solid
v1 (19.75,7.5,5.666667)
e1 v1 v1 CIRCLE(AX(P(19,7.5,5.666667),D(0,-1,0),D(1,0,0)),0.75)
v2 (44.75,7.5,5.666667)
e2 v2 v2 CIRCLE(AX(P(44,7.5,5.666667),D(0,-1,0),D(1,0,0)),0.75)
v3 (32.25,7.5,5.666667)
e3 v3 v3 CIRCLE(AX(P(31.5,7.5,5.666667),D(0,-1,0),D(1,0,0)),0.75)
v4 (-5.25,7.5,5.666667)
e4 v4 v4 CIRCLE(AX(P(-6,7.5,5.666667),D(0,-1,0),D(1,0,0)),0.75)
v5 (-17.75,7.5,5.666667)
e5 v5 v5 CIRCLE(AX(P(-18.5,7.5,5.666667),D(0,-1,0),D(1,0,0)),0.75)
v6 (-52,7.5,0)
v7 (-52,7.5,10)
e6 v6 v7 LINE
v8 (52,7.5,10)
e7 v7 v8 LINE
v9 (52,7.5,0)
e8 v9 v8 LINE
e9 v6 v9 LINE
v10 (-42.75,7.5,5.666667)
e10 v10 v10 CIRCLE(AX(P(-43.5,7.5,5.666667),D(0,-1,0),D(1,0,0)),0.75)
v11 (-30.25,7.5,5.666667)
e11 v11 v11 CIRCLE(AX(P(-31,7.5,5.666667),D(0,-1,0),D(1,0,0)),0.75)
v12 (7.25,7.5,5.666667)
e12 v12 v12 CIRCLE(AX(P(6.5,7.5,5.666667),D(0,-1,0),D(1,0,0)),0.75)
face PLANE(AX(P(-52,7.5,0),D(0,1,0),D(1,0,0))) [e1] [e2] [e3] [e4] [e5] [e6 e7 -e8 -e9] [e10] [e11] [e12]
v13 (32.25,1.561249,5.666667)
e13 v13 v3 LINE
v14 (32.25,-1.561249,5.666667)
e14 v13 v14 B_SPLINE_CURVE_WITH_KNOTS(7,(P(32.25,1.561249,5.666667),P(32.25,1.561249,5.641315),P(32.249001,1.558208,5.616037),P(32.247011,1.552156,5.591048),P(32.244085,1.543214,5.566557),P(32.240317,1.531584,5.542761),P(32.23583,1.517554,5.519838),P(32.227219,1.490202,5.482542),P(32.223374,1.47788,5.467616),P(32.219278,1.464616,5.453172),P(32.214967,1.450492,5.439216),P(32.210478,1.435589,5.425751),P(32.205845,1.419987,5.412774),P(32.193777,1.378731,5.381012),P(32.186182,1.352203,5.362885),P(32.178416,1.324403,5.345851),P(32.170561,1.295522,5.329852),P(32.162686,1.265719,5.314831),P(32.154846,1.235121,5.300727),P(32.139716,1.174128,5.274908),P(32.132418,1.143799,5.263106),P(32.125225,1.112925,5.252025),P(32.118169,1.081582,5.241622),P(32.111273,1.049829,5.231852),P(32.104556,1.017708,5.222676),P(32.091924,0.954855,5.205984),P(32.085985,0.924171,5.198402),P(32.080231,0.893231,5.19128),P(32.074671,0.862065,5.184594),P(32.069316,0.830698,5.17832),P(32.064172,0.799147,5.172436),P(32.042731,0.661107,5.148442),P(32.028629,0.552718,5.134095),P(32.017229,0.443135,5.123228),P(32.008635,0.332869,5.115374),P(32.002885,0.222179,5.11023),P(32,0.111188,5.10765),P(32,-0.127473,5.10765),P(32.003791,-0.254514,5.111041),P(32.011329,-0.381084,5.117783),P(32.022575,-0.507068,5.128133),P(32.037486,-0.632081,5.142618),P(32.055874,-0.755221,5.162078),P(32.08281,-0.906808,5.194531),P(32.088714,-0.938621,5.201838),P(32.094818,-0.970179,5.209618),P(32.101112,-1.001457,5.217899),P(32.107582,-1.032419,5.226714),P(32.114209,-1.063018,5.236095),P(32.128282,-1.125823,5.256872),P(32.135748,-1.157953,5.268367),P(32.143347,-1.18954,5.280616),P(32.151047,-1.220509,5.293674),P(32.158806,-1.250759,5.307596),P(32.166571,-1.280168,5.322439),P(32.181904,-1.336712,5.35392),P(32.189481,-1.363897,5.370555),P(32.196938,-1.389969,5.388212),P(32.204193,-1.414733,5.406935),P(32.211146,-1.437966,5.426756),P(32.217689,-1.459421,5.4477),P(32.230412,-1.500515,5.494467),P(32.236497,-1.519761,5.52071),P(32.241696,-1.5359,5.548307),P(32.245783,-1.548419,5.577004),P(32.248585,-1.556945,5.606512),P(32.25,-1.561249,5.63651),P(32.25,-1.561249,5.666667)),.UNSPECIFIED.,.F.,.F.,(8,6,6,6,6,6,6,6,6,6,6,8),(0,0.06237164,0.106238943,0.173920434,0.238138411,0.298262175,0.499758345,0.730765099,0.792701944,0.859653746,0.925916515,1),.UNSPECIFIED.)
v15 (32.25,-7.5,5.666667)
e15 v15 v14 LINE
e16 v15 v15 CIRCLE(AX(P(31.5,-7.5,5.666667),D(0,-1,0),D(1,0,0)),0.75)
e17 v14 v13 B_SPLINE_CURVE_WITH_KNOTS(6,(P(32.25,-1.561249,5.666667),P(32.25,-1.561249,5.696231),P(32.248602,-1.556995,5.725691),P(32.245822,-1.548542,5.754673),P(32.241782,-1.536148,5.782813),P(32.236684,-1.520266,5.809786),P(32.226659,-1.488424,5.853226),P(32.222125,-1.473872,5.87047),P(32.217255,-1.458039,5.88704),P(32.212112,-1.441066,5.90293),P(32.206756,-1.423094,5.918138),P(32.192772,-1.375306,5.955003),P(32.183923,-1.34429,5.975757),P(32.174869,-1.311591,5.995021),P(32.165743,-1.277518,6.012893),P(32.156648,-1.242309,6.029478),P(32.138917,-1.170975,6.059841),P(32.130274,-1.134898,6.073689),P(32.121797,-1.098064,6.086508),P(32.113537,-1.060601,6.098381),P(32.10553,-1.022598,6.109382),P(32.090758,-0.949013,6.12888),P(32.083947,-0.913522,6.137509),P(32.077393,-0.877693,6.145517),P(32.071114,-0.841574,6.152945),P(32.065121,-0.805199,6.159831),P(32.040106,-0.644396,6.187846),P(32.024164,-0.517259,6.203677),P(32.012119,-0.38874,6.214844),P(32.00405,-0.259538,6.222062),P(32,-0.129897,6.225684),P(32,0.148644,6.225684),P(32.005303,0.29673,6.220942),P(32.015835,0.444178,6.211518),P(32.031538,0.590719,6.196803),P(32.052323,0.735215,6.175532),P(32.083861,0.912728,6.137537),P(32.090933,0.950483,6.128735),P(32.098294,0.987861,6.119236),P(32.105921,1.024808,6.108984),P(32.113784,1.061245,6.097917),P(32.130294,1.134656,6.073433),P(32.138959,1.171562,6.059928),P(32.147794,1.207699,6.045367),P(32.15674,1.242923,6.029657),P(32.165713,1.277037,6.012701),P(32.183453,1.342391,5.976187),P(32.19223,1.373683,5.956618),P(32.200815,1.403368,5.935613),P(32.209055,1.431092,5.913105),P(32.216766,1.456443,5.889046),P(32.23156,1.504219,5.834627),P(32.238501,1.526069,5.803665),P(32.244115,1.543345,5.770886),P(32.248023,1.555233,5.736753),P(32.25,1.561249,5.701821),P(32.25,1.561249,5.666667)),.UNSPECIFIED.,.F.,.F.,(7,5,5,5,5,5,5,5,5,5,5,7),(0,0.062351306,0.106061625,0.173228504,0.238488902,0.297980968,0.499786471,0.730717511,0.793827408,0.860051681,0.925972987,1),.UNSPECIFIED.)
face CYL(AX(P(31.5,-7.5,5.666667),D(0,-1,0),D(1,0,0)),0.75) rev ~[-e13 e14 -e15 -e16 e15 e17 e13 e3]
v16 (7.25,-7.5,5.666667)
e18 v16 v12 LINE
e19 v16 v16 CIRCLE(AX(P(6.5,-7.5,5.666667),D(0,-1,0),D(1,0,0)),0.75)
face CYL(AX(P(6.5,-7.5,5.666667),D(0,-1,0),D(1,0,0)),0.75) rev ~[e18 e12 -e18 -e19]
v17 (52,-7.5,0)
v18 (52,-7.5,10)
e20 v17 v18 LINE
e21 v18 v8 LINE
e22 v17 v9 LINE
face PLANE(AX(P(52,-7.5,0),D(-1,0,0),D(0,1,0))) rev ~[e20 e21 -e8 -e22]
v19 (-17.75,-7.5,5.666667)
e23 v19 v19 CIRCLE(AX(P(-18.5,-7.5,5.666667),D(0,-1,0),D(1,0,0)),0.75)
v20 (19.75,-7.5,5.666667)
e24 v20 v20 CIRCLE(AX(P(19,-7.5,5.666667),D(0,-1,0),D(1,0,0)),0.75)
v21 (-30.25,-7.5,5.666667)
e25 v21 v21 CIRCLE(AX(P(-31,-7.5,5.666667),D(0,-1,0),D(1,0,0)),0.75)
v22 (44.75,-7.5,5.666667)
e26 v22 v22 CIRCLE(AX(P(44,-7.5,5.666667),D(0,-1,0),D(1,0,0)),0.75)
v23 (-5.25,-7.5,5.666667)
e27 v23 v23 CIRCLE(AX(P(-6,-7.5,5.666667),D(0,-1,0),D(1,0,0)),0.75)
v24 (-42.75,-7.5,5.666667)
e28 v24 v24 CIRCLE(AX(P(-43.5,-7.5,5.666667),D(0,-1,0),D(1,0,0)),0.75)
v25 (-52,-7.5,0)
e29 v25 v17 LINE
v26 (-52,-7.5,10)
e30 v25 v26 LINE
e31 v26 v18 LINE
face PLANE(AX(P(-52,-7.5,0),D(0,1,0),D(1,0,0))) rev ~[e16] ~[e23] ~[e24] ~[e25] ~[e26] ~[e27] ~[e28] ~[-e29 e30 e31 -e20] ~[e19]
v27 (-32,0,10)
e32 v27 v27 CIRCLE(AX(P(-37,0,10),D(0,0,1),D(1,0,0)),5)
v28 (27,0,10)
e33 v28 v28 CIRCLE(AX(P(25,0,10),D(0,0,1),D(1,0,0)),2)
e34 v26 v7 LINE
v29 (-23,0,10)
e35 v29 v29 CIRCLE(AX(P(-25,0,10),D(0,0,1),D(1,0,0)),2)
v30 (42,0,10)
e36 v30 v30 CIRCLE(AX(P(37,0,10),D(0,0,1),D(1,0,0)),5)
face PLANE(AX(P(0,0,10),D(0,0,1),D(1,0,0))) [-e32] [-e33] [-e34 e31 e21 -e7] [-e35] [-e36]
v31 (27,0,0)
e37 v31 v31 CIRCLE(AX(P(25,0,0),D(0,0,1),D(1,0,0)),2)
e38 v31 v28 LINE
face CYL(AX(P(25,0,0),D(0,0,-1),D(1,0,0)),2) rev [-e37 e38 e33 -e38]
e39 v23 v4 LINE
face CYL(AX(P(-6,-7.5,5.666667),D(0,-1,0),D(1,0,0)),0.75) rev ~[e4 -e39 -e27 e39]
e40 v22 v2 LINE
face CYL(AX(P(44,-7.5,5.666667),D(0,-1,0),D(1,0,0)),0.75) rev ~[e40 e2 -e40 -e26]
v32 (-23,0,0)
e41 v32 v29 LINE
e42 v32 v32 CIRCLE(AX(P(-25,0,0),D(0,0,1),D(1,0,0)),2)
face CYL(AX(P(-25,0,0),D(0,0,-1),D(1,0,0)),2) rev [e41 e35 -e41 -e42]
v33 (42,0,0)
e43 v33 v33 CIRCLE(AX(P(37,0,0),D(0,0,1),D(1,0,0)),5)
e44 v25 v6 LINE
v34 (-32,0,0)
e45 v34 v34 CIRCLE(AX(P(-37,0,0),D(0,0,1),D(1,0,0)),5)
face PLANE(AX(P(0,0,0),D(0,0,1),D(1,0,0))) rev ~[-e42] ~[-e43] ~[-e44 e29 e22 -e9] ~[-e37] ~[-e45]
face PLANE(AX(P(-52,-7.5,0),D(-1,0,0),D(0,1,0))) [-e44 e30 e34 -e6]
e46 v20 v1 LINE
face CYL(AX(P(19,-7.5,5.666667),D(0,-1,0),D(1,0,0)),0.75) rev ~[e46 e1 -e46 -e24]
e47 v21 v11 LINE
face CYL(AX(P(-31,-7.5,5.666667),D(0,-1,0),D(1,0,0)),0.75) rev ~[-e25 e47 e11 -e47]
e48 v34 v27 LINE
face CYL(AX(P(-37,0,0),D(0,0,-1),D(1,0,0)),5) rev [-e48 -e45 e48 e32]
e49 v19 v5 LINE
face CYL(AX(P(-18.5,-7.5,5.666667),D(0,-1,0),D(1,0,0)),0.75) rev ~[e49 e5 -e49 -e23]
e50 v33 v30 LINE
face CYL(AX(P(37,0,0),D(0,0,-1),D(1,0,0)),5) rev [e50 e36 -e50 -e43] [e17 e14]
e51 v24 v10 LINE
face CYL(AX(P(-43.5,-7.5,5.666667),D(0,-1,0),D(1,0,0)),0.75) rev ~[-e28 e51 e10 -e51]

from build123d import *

# Parameters (mm, degrees)
F0_W     = 104
F0_H     = 15
F0_R     = 5
F0_R_2   = 2
F1_DEPTH = 10
F2_R     = 0.75
F3_DEPTH = 25


with BuildPart() as f1:
    # F0 (on Top) → F1 (new body)
    with BuildSketch(Plane.XY):
        Rectangle(F0_W, F0_H)
        with Locations((-37, 0)):
            Circle(F0_R, mode=Mode.SUBTRACT)
        with Locations((-25, 0)):
            Circle(F0_R_2, mode=Mode.SUBTRACT)
        with Locations((25, 0)):
            Circle(F0_R_2, mode=Mode.SUBTRACT)
        with Locations((37, 0)):
            Circle(F0_R, mode=Mode.SUBTRACT)
    extrude(amount=F1_DEPTH)

    # F2 (on face) → F3 (cut)
    with BuildSketch(Plane.XZ.offset(7.5)):
        with Locations((-43.5, 5.666667)):
            Circle(F2_R)
        with Locations((-31, 5.666667)):
            Circle(F2_R)
        with Locations((-18.5, 5.666667)):
            Circle(F2_R)
        with Locations((-6, 5.666667)):
            Circle(F2_R)
        with Locations((6.5, 5.666667)):
            Circle(F2_R)
        with Locations((19, 5.666667)):
            Circle(F2_R)
        with Locations((31.5, 5.666667)):
            Circle(F2_R)
        with Locations((44, 5.666667)):
            Circle(F2_R)
    extrude(amount=-F3_DEPTH, mode=Mode.SUBTRACT)


solid = f1.part
